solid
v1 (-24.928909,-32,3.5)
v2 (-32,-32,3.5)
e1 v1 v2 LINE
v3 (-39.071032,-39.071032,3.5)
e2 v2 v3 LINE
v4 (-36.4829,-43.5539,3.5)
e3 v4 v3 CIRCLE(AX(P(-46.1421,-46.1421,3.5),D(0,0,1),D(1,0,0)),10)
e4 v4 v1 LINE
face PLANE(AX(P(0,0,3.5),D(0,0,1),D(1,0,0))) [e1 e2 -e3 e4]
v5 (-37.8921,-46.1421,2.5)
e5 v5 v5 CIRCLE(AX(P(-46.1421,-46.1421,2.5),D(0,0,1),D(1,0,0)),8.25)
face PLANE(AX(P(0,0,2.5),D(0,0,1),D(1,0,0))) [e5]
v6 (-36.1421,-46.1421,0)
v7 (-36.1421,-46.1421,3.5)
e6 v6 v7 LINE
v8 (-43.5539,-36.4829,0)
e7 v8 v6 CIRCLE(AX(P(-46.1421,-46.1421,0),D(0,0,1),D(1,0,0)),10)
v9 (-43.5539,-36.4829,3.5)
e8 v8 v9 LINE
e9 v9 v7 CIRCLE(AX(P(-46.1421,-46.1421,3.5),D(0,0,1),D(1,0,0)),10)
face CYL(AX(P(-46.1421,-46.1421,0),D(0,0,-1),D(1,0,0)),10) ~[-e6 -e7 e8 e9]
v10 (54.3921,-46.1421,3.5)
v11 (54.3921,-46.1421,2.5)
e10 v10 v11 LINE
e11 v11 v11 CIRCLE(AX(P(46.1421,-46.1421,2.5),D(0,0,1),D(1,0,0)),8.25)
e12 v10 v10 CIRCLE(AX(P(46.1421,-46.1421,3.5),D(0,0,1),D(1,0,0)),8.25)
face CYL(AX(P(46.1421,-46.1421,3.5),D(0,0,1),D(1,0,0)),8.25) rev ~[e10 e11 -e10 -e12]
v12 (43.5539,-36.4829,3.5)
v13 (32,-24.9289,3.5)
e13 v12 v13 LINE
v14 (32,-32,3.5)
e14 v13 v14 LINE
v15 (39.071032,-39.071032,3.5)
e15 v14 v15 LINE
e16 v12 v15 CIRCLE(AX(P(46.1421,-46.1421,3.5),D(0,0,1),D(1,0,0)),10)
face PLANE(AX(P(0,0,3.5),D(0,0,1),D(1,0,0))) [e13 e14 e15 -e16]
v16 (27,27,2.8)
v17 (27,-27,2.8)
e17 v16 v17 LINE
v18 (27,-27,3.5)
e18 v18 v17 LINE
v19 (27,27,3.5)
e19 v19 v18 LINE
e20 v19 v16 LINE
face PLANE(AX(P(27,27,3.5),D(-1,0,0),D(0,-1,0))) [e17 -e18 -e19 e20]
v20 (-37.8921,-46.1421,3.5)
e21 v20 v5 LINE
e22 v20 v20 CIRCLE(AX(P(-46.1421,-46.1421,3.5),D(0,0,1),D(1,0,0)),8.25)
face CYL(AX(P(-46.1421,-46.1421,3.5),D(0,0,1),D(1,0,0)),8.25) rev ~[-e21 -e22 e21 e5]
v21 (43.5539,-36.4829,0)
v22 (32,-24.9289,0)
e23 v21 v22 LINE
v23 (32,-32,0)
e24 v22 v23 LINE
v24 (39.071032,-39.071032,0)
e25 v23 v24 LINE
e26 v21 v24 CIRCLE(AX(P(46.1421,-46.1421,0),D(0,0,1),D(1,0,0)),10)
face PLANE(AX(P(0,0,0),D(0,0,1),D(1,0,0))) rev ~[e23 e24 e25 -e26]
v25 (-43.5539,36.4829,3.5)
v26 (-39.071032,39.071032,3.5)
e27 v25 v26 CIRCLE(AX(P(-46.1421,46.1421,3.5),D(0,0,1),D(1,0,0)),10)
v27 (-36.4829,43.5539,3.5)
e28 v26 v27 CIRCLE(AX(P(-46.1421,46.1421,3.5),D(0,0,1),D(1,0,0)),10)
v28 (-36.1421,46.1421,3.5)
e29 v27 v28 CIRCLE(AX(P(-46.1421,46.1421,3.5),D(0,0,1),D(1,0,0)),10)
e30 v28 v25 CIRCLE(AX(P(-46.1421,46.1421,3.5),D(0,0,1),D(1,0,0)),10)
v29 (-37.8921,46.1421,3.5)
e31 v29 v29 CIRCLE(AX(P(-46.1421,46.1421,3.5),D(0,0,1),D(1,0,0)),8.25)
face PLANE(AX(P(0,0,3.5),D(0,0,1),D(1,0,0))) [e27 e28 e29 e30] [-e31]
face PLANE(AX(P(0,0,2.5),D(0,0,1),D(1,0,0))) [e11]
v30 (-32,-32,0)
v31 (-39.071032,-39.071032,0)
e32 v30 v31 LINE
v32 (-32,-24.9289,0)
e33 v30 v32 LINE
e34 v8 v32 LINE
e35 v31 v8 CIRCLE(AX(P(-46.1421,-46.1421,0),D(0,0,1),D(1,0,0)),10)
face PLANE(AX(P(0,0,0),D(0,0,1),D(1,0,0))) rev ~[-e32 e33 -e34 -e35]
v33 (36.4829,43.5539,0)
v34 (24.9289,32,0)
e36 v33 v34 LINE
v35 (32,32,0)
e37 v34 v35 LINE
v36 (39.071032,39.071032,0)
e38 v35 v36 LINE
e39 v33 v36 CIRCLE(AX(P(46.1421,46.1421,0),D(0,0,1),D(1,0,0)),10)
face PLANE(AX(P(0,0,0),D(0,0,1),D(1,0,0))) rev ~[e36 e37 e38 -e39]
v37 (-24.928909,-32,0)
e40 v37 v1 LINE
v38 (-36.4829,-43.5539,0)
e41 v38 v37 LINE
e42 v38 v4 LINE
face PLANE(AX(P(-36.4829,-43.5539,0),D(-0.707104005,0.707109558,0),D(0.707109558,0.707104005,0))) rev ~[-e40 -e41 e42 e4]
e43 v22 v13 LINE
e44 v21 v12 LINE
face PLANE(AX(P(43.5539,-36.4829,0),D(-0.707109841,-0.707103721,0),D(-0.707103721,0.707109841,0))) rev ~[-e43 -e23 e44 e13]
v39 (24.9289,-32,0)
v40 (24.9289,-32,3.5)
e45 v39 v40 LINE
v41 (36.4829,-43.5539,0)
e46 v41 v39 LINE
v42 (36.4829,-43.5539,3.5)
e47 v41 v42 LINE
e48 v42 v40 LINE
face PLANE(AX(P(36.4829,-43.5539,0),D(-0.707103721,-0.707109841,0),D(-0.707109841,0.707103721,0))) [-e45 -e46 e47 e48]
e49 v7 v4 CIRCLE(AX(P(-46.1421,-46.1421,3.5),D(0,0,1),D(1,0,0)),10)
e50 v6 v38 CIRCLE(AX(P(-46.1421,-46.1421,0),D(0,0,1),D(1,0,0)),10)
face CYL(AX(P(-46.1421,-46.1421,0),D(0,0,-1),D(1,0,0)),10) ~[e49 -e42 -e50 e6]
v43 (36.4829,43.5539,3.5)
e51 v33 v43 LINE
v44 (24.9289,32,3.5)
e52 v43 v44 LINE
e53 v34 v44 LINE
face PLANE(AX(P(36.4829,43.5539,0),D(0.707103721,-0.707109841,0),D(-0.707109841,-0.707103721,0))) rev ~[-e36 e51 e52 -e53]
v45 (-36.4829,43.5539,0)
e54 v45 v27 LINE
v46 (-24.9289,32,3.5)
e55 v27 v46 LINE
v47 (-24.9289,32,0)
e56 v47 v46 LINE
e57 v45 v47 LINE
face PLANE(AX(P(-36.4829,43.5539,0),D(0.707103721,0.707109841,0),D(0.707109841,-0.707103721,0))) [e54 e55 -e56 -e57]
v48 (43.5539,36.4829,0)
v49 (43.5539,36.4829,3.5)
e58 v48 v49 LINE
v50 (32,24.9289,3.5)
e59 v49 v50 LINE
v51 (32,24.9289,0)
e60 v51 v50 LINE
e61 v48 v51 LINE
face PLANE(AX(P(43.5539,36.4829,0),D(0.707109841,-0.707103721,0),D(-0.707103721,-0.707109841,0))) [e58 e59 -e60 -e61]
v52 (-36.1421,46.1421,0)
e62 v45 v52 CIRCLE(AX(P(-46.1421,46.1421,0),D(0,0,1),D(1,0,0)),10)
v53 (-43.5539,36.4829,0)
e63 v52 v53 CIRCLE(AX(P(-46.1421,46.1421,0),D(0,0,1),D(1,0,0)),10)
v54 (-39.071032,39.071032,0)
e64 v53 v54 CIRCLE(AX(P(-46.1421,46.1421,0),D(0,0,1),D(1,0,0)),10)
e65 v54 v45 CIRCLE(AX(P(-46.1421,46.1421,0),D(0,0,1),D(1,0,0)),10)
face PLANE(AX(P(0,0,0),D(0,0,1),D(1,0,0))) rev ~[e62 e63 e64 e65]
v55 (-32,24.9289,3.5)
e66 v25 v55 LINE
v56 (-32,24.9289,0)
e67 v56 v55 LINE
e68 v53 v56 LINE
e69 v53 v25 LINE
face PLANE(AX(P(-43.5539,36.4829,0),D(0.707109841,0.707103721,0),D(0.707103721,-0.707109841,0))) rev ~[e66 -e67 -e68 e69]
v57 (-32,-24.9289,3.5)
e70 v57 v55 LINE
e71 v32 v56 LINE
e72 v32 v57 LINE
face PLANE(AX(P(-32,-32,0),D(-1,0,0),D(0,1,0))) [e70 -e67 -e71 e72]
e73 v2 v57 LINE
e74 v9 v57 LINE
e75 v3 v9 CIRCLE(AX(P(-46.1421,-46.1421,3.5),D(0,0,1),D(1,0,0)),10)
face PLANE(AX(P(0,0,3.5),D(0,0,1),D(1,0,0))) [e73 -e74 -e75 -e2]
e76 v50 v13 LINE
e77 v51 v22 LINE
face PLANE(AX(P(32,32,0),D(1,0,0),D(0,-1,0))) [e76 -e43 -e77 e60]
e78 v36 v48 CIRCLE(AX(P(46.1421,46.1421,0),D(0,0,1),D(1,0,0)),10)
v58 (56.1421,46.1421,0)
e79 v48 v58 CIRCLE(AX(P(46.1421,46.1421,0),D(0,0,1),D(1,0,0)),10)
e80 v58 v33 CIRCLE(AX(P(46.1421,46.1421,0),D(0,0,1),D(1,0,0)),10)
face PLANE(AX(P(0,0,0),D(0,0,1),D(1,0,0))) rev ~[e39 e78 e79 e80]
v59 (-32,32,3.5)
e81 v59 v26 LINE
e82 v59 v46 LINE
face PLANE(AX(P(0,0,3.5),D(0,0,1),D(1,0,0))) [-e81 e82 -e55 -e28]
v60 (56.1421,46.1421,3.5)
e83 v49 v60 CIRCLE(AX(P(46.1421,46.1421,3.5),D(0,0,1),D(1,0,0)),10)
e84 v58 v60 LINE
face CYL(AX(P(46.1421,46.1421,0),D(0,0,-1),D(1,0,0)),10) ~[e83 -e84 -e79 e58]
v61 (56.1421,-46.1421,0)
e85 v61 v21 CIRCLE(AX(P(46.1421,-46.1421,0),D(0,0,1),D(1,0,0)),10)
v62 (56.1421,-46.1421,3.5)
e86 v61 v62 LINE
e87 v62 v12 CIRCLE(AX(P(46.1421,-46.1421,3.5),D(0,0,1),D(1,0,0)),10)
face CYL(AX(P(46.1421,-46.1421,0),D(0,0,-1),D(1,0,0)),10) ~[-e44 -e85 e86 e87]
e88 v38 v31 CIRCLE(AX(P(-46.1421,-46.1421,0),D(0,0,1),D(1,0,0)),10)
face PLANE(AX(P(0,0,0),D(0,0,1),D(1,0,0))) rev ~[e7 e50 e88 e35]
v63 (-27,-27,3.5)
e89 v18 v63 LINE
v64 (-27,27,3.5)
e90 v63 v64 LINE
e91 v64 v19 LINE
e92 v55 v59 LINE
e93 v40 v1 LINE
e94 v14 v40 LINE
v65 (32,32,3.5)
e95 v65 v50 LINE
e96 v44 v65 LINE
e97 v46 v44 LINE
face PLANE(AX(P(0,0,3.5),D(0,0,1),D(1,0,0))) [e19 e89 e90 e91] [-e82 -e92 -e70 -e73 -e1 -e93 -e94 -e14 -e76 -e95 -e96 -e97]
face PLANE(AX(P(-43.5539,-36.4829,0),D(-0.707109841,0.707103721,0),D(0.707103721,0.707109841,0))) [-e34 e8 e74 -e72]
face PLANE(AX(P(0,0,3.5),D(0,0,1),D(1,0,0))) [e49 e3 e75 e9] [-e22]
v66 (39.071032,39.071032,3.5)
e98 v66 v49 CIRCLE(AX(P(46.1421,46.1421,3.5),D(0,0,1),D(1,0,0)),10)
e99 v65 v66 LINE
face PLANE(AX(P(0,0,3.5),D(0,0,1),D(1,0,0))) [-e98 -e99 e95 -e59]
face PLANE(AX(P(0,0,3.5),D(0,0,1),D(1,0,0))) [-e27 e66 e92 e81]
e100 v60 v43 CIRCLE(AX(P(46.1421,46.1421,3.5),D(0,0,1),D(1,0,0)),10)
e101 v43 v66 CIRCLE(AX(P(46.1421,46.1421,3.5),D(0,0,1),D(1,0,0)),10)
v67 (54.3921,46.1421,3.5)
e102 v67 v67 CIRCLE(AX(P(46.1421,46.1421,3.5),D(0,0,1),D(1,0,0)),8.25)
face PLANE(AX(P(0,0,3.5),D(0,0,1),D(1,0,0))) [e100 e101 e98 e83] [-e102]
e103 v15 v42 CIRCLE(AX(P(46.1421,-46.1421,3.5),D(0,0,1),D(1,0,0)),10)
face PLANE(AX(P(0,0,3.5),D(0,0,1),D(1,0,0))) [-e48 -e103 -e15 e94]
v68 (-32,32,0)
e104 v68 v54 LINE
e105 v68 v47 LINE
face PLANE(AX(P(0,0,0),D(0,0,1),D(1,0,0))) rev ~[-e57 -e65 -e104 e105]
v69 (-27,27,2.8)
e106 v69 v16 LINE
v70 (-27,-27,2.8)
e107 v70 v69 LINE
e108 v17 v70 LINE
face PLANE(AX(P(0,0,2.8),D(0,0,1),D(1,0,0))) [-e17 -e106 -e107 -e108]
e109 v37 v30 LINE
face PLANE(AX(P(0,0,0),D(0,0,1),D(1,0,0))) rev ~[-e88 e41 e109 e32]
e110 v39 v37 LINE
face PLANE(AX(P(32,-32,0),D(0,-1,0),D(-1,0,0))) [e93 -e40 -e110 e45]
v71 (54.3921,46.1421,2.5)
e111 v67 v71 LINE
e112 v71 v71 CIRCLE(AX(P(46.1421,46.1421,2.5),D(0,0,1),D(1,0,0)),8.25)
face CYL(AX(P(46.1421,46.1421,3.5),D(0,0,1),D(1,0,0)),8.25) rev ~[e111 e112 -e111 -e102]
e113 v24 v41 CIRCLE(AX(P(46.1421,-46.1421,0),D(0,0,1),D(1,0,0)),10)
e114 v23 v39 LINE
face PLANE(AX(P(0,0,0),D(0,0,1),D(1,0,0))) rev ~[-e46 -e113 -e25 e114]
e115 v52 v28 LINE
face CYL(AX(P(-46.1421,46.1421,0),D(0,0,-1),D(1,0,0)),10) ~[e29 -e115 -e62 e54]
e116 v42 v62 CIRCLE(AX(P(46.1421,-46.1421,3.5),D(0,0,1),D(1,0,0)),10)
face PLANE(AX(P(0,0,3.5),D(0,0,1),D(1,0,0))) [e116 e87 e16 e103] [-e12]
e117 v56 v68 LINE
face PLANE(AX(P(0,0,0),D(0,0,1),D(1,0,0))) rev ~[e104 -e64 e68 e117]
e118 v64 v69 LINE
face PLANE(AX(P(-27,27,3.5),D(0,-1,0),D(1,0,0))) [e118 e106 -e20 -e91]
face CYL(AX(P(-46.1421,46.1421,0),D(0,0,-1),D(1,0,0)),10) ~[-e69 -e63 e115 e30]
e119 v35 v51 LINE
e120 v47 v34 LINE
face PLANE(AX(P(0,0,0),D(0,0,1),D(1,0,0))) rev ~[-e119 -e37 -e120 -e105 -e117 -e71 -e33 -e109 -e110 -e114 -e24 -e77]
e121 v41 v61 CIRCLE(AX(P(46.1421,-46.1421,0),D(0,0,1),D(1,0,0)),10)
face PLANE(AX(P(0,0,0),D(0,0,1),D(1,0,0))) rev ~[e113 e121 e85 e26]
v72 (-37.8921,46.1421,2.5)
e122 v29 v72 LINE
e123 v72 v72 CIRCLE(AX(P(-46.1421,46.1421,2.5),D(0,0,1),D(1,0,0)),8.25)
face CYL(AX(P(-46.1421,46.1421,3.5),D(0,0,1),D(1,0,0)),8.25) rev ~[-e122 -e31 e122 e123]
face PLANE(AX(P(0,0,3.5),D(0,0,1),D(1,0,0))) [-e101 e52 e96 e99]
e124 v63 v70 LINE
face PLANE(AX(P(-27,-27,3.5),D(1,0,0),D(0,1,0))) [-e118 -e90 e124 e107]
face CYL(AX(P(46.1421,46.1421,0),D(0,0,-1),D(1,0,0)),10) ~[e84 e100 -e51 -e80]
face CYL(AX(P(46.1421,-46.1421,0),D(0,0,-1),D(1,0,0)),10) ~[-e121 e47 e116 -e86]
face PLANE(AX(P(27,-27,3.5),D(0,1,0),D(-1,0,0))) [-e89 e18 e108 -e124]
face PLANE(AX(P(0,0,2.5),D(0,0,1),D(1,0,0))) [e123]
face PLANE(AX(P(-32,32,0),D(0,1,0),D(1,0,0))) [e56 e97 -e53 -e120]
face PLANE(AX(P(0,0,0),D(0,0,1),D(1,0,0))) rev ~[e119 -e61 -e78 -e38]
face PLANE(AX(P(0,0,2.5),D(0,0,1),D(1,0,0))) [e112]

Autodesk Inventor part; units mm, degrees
ref_plane "YZ Plane" through (0, 0, 0) normal (1, 0, 0) x (0, 1, 0)
ref_plane "XZ Plane" through (0, 0, 0) normal (0, 1, 0) x (-1, 0, 0)
ref_plane "XY Plane" through (0, 0, 0) normal (0, 0, 1) x (1, 0, 0)
sketch "Sketch1" plane through (0, 0, 0) normal (0, 0, 1) x (1, 0, 0)
  line L0 (-32, 32) -> (32, 32)
  line L1 (32, 32) -> (32, -32)
  line L2 (32, -32) -> (-32, -32)
  line L3 (-32, -32) -> (-32, 32)
  line L4 (-32, 32) -> (32, -32) construction
  line L5 (32, 32) -> (-32, -32) construction
  point P0 (0, 0)
  dimension "d0" = 64
  dimension "d1" = 64
extrude "Extrusion1" add sketch "Sketch1" along normal blind 3.5
sketch "Sketch2" plane through (0, 0, 3.5) normal (0, 0, 1) x (1, 0, 0)
  line L0 (-27, 27) -> (27, 27)
  line L1 (27, 27) -> (27, -27)
  line L2 (27, -27) -> (-27, -27)
  line L3 (-27, -27) -> (-27, 27)
  line L4 (-27, 27) -> (27, -27) construction
  line L5 (27, 27) -> (-27, -27) construction
  point P0 (0, 0)
  dimension "d4" = 54
  dimension "d5" = 54
extrude "Extrusion2" cut sketch "Sketch2" against normal blind 0.7
sketch "Sketch3" plane through (0, 0, 0) normal (0, 0, 1) x (1, 0, 0)
  line L0 (-32, 32) -> (-32, -32) projected
  line L1 (32, -32) -> (32, 32) projected
  line L2 (-32, -32) -> (32, -32) projected
  line L3 (32, -32) -> (32, 32) projected
  line L4 (32, 32) -> (-32, 32) projected
  line L5 (-32, 32) -> (-46.1421, 46.1421)
  circle A0 centre (-46.1421, 46.1421) radius 10
  line L6 (-36.4829, 43.5539) -> (-24.9289, 32)
  line L7 (32, 32) -> (-32, 32) projected
  line L8 (-43.5539, 36.4829) -> (-32, 24.9289)
  line L9 (32, 32) -> (46.1421, 46.1421)
  circle A1 centre (46.1421, 46.1421) radius 10
  line L10 (43.5539, 36.4829) -> (32, 24.9289)
  line L11 (36.4829, 43.5539) -> (24.9289, 32)
  line L12 (-32, -32) -> (-46.1421, -46.1421)
  circle A2 centre (-46.1421, -46.1421) radius 10
  line L13 (-36.4829, -43.5539) -> (-23.7494, -30.8205)
  line L14 (-43.5539, -36.4829) -> (-32, -24.9289)
  line L15 (32, -32) -> (46.1421, -46.1421)
  circle A3 centre (46.1421, -46.1421) radius 10
  line L16 (43.5539, -36.4829) -> (32, -24.9289)
  line L17 (36.4829, -43.5539) -> (24.9289, -32)
  point P0 (0, 0)
  point P1 (-30.7059, 37.777)
  point P2 (-24.9289, -32)
  dimension "d28" = 135
  dimension "d29" = 20
  dimension "d30" = 20
  dimension "d31" = 5
  dimension "d32" = 5
  dimension "d33" = 135
  dimension "d34" = 20
  dimension "d35" = 20
  dimension "d36" = 5
  dimension "d37" = 5
  dimension "d38" = 20
  dimension "d39" = 135
  dimension "d40" = 20
  dimension "d41" = 5
  dimension "d42" = 5
  dimension "d43" = 20
  dimension "d44" = 135
  dimension "d45" = 20
  dimension "d46" = 5
  dimension "d47" = 5
extrude "Extrusion3" add sketch "Sketch3" along normal blind 3.5 contours L5 A0 L6 L4 | L0 L8 A0 L5 | A0 | L0 L12 A2 L14 | L11 A1 L9 L4 | L2 L13 A2 L12 | A2 | L9 A1 L10 L1 | A1 | L2 L15 A3 L17 | L16 A3 L15 L1 | A3
sketch "Sketch4" plane through (0, 0, 3.5) normal (0, 0, 1) x (1, 0, 0)
  arc A0 (-36.4829, 43.5539) -> (-43.5539, 36.4829) centre (-46.1421, 46.1421) ccw projected
  arc A1 (43.5539, 36.4829) -> (36.4829, 43.5539) centre (46.1421, 46.1421) ccw projected
  arc A2 (36.4829, -43.5539) -> (43.5539, -36.4829) centre (46.1421, -46.1421) ccw projected
  arc A3 (-43.5539, -36.4829) -> (-36.4829, -43.5539) centre (-46.1421, -46.1421) ccw projected
  circle A4 centre (-46.1421, 46.1421) radius 8.25
  circle A5 centre (46.1421, 46.1421) radius 8.25
  circle A6 centre (46.1421, -46.1421) radius 8.25
  circle A7 centre (-46.1421, -46.1421) radius 8.25
  point P0 (0, 0)
  dimension "d50" = 16.5
  dimension "d51" = 16.5
  dimension "d52" = 16.5
  dimension "d53" = 16.5
extrude "Extrusion4" cut sketch "Sketch4" against normal blind 1
properties part number "holder"
